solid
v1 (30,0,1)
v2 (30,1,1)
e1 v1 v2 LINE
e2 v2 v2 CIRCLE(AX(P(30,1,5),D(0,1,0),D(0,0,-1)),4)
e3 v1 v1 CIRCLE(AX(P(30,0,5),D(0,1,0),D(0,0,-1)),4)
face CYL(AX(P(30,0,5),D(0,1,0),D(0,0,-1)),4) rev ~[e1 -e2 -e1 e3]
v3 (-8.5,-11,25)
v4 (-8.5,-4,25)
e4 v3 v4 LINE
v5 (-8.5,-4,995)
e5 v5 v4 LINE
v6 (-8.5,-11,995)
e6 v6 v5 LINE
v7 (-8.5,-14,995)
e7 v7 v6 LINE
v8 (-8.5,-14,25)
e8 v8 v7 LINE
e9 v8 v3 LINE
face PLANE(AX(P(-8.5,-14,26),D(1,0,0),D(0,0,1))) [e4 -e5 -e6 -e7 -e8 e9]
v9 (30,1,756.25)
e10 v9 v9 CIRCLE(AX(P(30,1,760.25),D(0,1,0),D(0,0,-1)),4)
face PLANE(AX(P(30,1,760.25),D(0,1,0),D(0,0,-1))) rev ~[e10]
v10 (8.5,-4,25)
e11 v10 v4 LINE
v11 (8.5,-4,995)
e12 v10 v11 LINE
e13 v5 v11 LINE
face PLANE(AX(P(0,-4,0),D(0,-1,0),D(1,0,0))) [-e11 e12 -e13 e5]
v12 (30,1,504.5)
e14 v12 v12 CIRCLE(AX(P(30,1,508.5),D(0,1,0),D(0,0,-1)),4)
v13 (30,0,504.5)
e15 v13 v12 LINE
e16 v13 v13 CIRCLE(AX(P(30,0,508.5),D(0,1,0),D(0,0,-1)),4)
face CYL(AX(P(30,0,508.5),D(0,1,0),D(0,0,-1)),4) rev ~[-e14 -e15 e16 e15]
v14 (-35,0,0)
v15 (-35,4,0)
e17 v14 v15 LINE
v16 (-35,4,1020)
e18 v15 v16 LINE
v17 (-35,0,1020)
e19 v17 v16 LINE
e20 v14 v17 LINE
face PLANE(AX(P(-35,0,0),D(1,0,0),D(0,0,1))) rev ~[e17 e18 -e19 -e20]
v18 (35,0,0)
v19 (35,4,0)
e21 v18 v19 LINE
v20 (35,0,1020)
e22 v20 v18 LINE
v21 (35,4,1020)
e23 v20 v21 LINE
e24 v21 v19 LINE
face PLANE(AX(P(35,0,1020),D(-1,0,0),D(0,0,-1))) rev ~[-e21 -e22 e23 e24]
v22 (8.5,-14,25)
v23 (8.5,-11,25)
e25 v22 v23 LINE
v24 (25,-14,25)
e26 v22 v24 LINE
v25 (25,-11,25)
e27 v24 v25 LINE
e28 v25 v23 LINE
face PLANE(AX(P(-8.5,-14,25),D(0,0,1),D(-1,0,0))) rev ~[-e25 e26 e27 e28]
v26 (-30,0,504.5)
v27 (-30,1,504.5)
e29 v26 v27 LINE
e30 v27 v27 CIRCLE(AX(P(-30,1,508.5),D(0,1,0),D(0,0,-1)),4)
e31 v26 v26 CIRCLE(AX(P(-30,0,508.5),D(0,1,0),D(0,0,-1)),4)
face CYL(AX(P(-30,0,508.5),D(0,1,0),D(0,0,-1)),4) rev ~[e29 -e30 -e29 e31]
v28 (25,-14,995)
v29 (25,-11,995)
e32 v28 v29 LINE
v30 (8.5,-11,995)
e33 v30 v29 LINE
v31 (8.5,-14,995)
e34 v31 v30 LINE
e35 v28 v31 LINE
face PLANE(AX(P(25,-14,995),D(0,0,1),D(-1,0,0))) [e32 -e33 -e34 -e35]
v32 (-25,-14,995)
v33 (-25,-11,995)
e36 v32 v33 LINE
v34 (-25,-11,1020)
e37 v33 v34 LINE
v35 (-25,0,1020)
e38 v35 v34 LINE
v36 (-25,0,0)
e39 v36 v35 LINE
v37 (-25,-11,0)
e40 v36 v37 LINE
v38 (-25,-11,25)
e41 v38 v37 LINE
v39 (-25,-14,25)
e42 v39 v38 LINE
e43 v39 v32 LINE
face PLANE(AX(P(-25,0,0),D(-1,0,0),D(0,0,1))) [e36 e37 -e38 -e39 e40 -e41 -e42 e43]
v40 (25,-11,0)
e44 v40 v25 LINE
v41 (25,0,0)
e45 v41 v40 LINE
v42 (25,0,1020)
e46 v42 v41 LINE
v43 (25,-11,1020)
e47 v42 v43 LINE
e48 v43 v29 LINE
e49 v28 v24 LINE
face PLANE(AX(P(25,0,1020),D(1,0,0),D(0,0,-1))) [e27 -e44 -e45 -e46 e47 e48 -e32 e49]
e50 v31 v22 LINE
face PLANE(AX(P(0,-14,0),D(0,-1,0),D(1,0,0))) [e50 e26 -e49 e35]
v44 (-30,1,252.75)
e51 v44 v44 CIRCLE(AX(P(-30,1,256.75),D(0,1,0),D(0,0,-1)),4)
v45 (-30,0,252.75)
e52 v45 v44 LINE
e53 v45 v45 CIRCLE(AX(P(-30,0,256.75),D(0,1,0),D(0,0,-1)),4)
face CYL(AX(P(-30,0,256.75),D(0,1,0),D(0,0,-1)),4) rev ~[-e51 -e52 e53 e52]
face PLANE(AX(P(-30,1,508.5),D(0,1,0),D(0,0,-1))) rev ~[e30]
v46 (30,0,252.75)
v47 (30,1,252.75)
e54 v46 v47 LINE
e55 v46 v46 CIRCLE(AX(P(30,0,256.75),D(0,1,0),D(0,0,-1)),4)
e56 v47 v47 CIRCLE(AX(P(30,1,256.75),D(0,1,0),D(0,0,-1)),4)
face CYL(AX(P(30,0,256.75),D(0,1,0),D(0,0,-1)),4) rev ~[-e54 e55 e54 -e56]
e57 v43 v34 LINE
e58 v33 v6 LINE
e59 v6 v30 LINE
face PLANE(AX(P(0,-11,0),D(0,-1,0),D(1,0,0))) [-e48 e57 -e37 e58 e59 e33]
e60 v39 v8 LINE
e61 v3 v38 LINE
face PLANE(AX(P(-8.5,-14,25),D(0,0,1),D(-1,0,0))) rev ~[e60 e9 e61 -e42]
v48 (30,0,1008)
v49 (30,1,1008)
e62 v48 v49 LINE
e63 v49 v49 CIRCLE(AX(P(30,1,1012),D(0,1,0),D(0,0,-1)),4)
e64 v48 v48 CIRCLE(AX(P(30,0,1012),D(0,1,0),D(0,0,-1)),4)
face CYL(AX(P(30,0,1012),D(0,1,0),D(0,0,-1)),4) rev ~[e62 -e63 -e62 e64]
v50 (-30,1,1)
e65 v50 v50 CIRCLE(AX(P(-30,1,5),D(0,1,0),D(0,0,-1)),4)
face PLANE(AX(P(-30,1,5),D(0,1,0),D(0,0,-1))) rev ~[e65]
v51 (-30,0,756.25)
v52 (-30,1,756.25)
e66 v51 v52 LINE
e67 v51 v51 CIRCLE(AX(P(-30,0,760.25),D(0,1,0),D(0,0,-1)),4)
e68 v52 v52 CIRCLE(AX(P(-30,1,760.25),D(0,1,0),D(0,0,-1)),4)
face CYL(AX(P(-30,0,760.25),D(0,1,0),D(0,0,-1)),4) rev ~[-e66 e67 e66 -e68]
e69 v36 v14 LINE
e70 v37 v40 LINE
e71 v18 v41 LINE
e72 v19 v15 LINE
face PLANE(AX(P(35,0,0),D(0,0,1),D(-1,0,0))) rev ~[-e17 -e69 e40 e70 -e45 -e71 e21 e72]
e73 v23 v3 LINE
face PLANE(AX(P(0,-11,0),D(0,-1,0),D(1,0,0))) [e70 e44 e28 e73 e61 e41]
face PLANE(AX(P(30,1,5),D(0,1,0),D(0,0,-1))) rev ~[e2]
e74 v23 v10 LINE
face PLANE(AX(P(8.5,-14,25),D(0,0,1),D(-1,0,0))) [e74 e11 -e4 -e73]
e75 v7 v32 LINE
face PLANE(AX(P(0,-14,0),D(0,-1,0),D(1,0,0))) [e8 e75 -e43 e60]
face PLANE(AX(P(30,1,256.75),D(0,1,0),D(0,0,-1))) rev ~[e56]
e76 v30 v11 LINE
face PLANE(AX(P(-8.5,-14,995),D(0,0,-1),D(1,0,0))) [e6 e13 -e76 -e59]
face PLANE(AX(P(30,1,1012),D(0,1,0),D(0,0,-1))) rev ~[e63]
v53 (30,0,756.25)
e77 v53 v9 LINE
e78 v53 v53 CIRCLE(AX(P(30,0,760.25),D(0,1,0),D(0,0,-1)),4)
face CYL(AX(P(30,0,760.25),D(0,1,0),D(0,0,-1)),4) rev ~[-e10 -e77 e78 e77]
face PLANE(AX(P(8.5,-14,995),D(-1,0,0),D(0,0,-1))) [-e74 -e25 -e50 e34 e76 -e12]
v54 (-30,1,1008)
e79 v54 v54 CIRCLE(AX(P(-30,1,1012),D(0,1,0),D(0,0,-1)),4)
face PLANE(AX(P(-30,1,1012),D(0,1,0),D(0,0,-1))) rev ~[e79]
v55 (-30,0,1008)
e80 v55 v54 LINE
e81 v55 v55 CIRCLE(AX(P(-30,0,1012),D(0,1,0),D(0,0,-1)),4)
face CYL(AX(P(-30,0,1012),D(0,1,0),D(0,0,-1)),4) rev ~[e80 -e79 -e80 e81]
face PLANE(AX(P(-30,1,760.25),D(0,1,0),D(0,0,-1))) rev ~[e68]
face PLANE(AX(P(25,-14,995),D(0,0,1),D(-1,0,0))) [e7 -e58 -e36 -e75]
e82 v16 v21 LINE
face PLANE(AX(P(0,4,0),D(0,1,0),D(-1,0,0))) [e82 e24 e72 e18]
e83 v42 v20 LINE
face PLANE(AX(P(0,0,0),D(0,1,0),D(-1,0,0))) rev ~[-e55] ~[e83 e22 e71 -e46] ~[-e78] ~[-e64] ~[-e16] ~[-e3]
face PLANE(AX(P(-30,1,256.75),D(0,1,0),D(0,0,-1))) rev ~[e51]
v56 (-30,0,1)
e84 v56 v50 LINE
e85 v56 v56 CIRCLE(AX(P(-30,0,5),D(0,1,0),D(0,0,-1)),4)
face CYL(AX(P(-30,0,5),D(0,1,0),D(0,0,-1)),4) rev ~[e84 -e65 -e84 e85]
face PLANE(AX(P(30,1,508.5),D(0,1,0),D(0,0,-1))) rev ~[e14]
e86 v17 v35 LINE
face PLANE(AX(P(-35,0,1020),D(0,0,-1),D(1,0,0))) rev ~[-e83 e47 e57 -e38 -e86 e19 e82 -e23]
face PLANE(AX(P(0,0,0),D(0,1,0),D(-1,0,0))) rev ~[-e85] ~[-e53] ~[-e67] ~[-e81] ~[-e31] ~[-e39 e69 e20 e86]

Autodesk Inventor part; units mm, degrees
ref_plane "YZ Plane" through (0, 0, 0) normal (1, 0, 0) x (0, 1, 0)
ref_plane "XZ Plane" through (0, 0, 0) normal (0, 1, 0) x (-1, 0, 0)
ref_plane "XY Plane" through (0, 0, 0) normal (0, 0, 1) x (1, 0, 0)
sketch "Skizze2" plane through (0, 0, 0) normal (0, 1, 0) x (-1, 0, 0)
  line L0 (0, 514) -> (0, -212) construction
  line L1 (-35, 0) -> (35, 0)
  line L2 (35, 0) -> (35, 1020)
  line L3 (35, 1020) -> (-35, 1020)
  line L4 (-35, 1020) -> (-35, 0)
  point P0 (0, 0)
  dimension "breite" = 70
  dimension "laenge" = 1020
extrude "Extrusion1" add sketch "Skizze2" along normal blind 4
sketch "Skizze3" plane through (0, 0, 0) normal (0, -1, 0) x (1, 0, 0)
  line L0 (35, 0) -> (-35, 0) projected
  line L1 (35, 1020) -> (35, 0) projected
  line L2 (-35, 1020) -> (35, 1020) projected
  line L3 (-35, 0) -> (-35, 1020) projected
  line L4 (-35, 1020) -> (35, 1020) projected
  line L5 (35, 0) -> (-35, 0) projected
  line L6 (-25, 1020) -> (25, 1020)
  line L7 (25, 1020) -> (25, 0)
  line L8 (25, 0) -> (-25, 0)
  line L9 (-25, 0) -> (-25, 1020)
  line L10 (0, 1159.0325) -> (0, -216) construction
  point P0 (0, 0)
  dimension "d4" = 50
extrude "Extrusion2" add sketch "Skizze3" along normal blind 14 contours L0 L9 L2 L7
sketch "Skizze4" plane through (0, -14, 0) normal (0, -1, 0) x (1, 0, 0)
  line L0 (-25, 1020) -> (-25, 0) projected
  line L1 (-25, 0) -> (25, 0) projected
  line L2 (25, 0) -> (25, 1020) projected
  line L3 (25, 1020) -> (-25, 1020) projected
  line L4 (-8.5, 995) -> (8.5, 995)
  line L5 (8.5, 995) -> (8.5, 25)
  line L6 (8.5, 25) -> (-8.5, 25)
  line L7 (-8.5, 25) -> (-8.5, 995)
  line L8 (0, -47) -> (0, 1281) construction
  line L9 (-397, 510) -> (541, 510) construction
  line L10 (35, 1020) -> (35, 0) projected
  line L11 (-25, 0) -> (25, 0)
  line L12 (25, 0) -> (25, 25)
  line L13 (25, 25) -> (-25, 25)
  line L14 (-25, 25) -> (-25, 0)
  line L15 (-25, 1020) -> (25, 1020)
  line L16 (25, 1020) -> (25, 995)
  line L17 (25, 995) -> (-25, 995)
  line L18 (-25, 995) -> (-25, 1020)
  line L19 (-24, 1) -> (26, 1)
  line L20 (26, 1021) -> (-24, 1021)
  line L21 (-7.5, 996) -> (9.5, 996)
  line L22 (9.5, 26) -> (-7.5, 26)
  line L23 (-24, 1) -> (26, 1)
  line L24 (26, 1) -> (26, 26)
  line L25 (26, 26) -> (-24, 26)
  line L26 (-24, 26) -> (-24, 1)
  line L27 (-24, 1021) -> (26, 1021)
  line L28 (26, 1021) -> (26, 996)
  line L29 (26, 996) -> (-24, 996)
  line L30 (-24, 996) -> (-24, 1021)
  point P0 (0, 0)
  point P1 (1, 1)
  point P2 (36, 1021)
  point P3 (36, 1)
  dimension "d8" = 25
  dimension "d9" = 510
  dimension "d10" = 35
  dimension "d11" = 17
  dimension "d14" = 25
  dimension "d15" = 17
extrude "Extrusion3" cut sketch "Skizze4" against normal blind 10 contours L4 L5 L22 L25 L7 | L25 L22 L5 L6 L7
sketch "Skizze6" plane through (0, -14, 0) normal (0, -1, 0) x (1, 0, 0)
  line L0 (-25, 0) -> (25, 0)
  line L1 (25, 1020) -> (-25, 1020)
  line L2 (-8.5, 995) -> (8.5, 995)
  line L3 (8.5, 25) -> (-8.5, 25)
  line L4 (-25, 0) -> (25, 0)
  line L5 (25, 0) -> (25, 25)
  line L6 (25, 25) -> (-25, 25)
  line L7 (-25, 25) -> (-25, 0)
  line L8 (-25, 1020) -> (25, 1020)
  line L9 (25, 1020) -> (25, 995)
  line L10 (25, 995) -> (-25, 995)
  line L11 (-25, 995) -> (-25, 1020)
  point P0 (0, 0)
  point P1 (0, 0)
  point P2 (35, 1020)
  point P3 (35, 0)
  dimension "d16" = 25
  dimension "d17" = 17
extrude "Extrusion4" cut sketch "Skizze6" against normal blind 3
sketch "Skizze7" plane through (0, 0, 0) normal (0, -1, 0) x (1, 0, 0)
  line L0 (-25, 0) -> (-25, 1020) projected
  line L1 (-35, 1020) -> (-25, 1020) projected
  line L2 (-35, 0) -> (-35, 1020) projected
  line L3 (-25, 0) -> (-35, 0) projected
  line L4 (25, 1020) -> (25, 0) projected
  line L5 (35, 0) -> (25, 0) projected
  line L6 (35, 1020) -> (35, 0) projected
  line L7 (25, 1020) -> (35, 1020) projected
  line L8 (0, 1058) -> (0, -187) construction
  line L9 (-30, 1012) -> (-30, 5) construction
  point P0 (0, 0)
  point P1 (-30, 760.25)
  point P2 (-30, 508.5)
  point P3 (-30, 256.75)
  point P4 (30, 1012)
  point P5 (30, 5)
  point P6 (30, 760.25)
  point P7 (30, 508.5)
  point P8 (30, 256.75)
  dimension "d20" = 5
  dimension "d21" = 8
  dimension "d22" = 5
  dimension "d23" = 5
  dimension "d26" = 251.75
  dimension "d27" = 503.5
  dimension "d28" = 755.25
hole "Bohrung1" at (-30, 0, 1012) at (-30, 0, 5) at (-30, 0, 760.25) at (-30, 0, 508.5) at (-30, 0, 256.75) at (30, 0, 1012) at (30, 0, 760.25) at (30, 0, 508.5) at (30, 0, 256.75) at (30, 0, 5) direction (0, 1, 0) diameter 8 depth 1
equation "\"d9\" = 0.5 * laenge"
equation "\"d10\" = 0.5 * breite"
properties part number "Wiper-Woodconstruction" material "Holz (Birke)"
